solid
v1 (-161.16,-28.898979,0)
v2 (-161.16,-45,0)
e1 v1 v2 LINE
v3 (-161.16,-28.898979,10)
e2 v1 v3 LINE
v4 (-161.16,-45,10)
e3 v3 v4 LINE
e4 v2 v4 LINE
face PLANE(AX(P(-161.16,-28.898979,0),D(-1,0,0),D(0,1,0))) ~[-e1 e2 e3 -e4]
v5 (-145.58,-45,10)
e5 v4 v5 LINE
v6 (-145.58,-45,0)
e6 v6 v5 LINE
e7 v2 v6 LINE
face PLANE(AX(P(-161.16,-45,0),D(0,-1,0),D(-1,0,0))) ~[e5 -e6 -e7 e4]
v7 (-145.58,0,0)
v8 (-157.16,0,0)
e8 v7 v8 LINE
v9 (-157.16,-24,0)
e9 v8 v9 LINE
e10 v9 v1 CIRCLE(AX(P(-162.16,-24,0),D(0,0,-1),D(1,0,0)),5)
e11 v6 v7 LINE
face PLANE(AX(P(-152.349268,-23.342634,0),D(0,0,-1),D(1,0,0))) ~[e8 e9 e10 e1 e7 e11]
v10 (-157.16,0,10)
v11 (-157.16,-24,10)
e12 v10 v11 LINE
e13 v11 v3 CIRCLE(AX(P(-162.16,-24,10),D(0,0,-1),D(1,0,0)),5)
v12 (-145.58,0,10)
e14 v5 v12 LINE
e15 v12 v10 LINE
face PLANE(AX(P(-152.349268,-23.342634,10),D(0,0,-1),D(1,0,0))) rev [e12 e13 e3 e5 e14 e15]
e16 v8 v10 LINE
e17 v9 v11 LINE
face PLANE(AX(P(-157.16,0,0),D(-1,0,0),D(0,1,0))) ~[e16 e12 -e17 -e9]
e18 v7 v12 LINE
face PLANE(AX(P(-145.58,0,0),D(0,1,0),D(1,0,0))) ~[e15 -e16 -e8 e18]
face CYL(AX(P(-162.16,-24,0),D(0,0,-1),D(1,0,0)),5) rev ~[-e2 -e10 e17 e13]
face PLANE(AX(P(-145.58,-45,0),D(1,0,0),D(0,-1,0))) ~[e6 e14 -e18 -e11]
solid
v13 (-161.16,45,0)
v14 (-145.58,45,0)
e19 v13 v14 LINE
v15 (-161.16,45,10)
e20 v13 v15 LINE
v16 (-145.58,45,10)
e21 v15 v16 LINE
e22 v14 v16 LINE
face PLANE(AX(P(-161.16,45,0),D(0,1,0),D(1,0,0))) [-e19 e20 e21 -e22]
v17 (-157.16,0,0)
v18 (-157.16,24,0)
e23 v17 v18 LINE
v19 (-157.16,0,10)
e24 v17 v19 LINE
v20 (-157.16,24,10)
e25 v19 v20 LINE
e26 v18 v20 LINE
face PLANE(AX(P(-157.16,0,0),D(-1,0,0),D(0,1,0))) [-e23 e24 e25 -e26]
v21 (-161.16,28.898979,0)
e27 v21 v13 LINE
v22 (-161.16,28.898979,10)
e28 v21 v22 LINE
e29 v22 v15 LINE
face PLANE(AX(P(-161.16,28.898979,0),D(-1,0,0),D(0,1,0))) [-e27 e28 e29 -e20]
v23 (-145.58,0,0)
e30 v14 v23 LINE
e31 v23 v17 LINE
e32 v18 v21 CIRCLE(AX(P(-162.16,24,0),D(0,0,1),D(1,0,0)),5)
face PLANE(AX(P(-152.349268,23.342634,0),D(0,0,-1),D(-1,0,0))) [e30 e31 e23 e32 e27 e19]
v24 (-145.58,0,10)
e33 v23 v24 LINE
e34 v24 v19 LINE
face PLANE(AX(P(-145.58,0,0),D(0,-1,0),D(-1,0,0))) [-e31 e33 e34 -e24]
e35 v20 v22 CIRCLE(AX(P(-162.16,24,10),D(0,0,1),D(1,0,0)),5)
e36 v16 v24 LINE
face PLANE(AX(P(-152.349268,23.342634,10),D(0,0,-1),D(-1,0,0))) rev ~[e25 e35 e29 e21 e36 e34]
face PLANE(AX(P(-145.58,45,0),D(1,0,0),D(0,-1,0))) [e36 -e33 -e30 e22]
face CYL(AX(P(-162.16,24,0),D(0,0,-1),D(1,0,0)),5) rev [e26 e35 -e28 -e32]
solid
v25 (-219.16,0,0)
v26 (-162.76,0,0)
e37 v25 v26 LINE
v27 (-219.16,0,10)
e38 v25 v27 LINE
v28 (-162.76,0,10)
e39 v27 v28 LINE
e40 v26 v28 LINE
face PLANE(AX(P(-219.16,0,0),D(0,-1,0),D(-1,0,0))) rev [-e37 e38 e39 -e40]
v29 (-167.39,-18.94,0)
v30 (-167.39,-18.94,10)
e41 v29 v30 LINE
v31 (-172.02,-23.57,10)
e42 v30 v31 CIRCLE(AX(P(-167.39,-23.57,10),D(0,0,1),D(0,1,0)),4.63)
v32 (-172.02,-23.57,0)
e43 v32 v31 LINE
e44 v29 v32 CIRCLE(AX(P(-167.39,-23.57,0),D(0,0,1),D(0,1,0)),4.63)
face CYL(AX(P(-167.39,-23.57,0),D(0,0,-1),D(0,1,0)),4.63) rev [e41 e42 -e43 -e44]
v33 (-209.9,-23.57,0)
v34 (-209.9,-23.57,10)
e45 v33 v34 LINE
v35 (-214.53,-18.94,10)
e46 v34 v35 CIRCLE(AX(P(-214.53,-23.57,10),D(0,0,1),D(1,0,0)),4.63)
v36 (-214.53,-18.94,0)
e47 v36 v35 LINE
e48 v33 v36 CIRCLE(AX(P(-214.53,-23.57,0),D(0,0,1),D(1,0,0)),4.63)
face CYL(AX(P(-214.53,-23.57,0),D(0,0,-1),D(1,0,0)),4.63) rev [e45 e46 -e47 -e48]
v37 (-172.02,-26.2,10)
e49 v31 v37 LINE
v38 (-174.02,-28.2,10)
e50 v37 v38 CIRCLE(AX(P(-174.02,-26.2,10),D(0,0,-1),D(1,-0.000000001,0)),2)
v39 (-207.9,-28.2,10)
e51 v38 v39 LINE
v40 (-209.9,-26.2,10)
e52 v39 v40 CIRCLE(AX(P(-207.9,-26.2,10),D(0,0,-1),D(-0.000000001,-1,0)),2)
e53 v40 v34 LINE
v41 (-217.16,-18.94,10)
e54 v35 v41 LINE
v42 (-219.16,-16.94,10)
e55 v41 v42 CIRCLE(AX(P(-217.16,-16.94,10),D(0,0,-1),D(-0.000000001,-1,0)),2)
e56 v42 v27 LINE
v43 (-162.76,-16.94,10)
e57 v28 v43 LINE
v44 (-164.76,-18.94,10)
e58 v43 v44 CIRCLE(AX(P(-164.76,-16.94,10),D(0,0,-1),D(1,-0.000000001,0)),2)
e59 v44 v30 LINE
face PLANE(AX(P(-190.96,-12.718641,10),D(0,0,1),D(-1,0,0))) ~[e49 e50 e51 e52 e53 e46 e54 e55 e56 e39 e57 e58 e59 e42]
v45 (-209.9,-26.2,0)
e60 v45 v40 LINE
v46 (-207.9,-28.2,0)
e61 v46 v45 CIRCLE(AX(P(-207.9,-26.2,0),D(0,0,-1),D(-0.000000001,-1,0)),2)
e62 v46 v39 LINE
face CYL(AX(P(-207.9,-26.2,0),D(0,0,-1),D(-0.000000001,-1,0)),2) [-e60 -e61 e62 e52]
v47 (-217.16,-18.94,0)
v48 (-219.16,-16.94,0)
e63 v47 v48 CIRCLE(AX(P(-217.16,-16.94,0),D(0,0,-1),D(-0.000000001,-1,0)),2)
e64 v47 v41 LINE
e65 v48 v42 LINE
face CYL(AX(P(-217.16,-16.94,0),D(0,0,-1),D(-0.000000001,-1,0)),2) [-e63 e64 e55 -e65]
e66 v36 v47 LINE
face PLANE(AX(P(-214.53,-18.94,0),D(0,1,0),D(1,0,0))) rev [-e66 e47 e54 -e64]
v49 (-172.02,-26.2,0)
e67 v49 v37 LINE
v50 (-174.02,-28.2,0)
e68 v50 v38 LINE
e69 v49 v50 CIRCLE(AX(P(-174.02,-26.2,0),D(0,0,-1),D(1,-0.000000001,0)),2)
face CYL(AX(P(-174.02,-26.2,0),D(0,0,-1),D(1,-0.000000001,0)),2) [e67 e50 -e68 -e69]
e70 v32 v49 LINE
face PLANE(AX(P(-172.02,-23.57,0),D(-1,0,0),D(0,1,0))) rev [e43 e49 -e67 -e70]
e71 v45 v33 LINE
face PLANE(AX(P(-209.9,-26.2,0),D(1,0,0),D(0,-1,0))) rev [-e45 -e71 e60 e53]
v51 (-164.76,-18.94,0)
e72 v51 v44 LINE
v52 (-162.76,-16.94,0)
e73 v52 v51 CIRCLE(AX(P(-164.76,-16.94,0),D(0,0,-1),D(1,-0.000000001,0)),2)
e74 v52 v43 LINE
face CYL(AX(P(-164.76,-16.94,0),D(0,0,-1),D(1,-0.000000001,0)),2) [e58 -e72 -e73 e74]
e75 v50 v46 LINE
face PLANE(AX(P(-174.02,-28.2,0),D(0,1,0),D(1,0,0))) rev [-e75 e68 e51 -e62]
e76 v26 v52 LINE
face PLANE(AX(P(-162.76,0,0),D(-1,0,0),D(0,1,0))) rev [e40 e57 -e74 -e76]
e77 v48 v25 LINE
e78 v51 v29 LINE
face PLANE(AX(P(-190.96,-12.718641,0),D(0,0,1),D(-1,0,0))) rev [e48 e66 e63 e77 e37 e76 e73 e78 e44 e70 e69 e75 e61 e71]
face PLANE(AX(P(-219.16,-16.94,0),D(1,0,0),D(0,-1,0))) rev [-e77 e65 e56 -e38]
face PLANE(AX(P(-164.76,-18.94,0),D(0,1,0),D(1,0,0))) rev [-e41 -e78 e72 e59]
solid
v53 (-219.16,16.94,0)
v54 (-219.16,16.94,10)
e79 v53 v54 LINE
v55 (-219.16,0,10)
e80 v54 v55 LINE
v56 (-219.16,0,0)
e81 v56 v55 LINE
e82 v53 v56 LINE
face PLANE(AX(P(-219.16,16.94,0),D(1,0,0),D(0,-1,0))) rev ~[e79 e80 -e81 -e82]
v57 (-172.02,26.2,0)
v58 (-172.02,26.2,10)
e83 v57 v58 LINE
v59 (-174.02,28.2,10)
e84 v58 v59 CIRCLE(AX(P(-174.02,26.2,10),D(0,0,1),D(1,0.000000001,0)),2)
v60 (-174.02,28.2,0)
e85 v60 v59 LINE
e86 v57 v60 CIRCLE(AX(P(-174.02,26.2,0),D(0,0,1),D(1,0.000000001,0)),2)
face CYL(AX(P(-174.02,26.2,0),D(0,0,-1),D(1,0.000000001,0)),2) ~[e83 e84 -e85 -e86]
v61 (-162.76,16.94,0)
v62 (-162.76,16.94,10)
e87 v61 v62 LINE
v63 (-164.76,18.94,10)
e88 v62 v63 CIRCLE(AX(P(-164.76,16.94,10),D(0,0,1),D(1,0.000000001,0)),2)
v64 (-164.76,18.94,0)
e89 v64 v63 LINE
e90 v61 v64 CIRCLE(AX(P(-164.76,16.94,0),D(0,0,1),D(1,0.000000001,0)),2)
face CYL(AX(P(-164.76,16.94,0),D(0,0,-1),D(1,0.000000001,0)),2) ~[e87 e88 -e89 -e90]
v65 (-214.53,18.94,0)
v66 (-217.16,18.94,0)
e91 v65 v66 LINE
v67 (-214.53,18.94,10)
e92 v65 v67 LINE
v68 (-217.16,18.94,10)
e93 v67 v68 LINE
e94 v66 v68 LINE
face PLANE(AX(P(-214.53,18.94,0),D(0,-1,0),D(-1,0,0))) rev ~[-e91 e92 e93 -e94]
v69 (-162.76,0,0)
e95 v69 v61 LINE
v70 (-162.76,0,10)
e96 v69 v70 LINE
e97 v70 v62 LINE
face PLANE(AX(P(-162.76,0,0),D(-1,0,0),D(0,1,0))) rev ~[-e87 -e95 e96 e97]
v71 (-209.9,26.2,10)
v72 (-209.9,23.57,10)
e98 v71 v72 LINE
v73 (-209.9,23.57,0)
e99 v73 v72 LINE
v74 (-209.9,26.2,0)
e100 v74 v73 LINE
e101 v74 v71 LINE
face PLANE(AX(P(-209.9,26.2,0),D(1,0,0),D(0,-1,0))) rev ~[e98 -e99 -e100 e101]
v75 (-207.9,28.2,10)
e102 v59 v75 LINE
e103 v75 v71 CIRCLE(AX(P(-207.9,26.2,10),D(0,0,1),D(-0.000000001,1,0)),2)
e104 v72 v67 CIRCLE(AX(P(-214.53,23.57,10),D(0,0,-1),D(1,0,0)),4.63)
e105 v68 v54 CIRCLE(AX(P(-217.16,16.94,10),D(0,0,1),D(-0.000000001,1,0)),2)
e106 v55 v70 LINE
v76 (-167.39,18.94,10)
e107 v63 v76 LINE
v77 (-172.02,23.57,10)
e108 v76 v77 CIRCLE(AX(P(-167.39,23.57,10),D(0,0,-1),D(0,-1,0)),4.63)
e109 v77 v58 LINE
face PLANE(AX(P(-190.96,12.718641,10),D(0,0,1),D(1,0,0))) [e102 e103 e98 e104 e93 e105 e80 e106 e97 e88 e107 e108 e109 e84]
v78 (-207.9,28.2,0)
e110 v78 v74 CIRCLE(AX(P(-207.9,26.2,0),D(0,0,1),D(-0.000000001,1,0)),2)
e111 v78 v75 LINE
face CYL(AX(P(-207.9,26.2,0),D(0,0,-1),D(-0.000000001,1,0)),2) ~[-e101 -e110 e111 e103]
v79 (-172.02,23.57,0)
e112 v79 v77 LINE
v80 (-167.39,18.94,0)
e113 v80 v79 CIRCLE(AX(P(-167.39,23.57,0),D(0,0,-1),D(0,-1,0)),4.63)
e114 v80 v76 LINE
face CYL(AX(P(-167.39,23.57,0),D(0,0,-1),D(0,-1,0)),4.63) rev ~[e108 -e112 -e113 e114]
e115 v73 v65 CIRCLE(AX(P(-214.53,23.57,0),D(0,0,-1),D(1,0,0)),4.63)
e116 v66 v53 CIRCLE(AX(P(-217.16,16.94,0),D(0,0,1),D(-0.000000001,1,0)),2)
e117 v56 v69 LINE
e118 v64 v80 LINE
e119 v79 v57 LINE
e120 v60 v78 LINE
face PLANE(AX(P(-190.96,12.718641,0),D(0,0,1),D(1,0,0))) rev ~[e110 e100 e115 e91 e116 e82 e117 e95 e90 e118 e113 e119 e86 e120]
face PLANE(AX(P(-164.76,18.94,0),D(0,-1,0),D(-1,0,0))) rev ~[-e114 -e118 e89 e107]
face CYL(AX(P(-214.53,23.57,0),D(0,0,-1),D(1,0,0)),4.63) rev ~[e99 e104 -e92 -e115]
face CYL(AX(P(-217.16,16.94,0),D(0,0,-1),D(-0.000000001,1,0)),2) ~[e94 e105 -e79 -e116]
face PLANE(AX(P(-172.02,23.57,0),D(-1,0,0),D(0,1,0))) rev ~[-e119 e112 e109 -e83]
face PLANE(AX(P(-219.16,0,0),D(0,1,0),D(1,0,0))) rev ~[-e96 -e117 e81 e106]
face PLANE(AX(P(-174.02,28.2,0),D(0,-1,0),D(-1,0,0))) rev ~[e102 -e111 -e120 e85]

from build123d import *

# Parameters (mm, degrees)
BOSS_EXTRUDE1_DEPTH   = 10
BOSS_EXTRUDE1_2_DEPTH = 10


with BuildPart() as part:
    # Sketch1 → Boss-Extrude1 (new body)
    with BuildSketch(Plane.XY):
        with BuildLine():
            Line((-162.76, 0), (-162.76, 16.94))
            ThreePointArc((-162.76, 16.94), (-163.345786438, 18.354213562), (-164.76, 18.94))
            Line((-164.76, 18.94), (-167.39, 18.94))
            ThreePointArc((-167.39, 18.94), (-170.663904397, 20.296095603), (-172.02, 23.57))
            Line((-172.02, 23.57), (-172.02, 26.2))
            ThreePointArc((-172.02, 26.2), (-172.605786438, 27.614213562), (-174.02, 28.2))
            Line((-174.02, 28.2), (-207.9, 28.2))
            ThreePointArc((-207.9, 28.2), (-209.314213562, 27.614213562), (-209.9, 26.2))
            Line((-209.9, 26.2), (-209.9, 23.57))
            ThreePointArc((-209.9, 23.57), (-211.256095603, 20.296095603), (-214.53, 18.94))
            Line((-214.53, 18.94), (-217.16, 18.94))
            ThreePointArc((-217.16, 18.94), (-218.574213562, 18.354213562), (-219.16, 16.94))
            Line((-219.16, 16.94), (-219.16, 0))
            Line((-219.16, 0), (-162.76, 0))
        make_face()
    extrude(amount=BOSS_EXTRUDE1_DEPTH)


with BuildPart() as body_2:
    # Sketch1 → Boss-Extrude1 2 (new body)
    with BuildSketch(Plane.XY):
        with BuildLine():
            Line((-145.58, 45), (-145.58, 0))
            Line((-145.58, 0), (-157.16, 0))
            Line((-157.16, 0), (-157.16, 24))
            ThreePointArc((-157.16, 24), (-158.287016654, 27.16227766), (-161.16, 28.898979486))
            Line((-161.16, 28.898979486), (-161.16, 45))
            Line((-161.16, 45), (-151.16, 45))
            Line((-151.16, 45), (-145.58, 45))
        make_face()
    extrude(amount=BOSS_EXTRUDE1_2_DEPTH)


with BuildPart() as body_3:
    # Mirror1: mirrored copy
    add(part.part.mirror(Plane(origin=(-219.16, 0, 10), x_dir=(0, 0, 1), z_dir=(0, 1, 0))))


with BuildPart() as body_4:
    # Mirror1 2: mirrored copy
    add(body_2.part.mirror(Plane(origin=(-219.16, 0, 10), x_dir=(0, 0, 1), z_dir=(0, 1, 0))))


solid = Compound([part.part, body_2.part, body_3.part, body_4.part])
